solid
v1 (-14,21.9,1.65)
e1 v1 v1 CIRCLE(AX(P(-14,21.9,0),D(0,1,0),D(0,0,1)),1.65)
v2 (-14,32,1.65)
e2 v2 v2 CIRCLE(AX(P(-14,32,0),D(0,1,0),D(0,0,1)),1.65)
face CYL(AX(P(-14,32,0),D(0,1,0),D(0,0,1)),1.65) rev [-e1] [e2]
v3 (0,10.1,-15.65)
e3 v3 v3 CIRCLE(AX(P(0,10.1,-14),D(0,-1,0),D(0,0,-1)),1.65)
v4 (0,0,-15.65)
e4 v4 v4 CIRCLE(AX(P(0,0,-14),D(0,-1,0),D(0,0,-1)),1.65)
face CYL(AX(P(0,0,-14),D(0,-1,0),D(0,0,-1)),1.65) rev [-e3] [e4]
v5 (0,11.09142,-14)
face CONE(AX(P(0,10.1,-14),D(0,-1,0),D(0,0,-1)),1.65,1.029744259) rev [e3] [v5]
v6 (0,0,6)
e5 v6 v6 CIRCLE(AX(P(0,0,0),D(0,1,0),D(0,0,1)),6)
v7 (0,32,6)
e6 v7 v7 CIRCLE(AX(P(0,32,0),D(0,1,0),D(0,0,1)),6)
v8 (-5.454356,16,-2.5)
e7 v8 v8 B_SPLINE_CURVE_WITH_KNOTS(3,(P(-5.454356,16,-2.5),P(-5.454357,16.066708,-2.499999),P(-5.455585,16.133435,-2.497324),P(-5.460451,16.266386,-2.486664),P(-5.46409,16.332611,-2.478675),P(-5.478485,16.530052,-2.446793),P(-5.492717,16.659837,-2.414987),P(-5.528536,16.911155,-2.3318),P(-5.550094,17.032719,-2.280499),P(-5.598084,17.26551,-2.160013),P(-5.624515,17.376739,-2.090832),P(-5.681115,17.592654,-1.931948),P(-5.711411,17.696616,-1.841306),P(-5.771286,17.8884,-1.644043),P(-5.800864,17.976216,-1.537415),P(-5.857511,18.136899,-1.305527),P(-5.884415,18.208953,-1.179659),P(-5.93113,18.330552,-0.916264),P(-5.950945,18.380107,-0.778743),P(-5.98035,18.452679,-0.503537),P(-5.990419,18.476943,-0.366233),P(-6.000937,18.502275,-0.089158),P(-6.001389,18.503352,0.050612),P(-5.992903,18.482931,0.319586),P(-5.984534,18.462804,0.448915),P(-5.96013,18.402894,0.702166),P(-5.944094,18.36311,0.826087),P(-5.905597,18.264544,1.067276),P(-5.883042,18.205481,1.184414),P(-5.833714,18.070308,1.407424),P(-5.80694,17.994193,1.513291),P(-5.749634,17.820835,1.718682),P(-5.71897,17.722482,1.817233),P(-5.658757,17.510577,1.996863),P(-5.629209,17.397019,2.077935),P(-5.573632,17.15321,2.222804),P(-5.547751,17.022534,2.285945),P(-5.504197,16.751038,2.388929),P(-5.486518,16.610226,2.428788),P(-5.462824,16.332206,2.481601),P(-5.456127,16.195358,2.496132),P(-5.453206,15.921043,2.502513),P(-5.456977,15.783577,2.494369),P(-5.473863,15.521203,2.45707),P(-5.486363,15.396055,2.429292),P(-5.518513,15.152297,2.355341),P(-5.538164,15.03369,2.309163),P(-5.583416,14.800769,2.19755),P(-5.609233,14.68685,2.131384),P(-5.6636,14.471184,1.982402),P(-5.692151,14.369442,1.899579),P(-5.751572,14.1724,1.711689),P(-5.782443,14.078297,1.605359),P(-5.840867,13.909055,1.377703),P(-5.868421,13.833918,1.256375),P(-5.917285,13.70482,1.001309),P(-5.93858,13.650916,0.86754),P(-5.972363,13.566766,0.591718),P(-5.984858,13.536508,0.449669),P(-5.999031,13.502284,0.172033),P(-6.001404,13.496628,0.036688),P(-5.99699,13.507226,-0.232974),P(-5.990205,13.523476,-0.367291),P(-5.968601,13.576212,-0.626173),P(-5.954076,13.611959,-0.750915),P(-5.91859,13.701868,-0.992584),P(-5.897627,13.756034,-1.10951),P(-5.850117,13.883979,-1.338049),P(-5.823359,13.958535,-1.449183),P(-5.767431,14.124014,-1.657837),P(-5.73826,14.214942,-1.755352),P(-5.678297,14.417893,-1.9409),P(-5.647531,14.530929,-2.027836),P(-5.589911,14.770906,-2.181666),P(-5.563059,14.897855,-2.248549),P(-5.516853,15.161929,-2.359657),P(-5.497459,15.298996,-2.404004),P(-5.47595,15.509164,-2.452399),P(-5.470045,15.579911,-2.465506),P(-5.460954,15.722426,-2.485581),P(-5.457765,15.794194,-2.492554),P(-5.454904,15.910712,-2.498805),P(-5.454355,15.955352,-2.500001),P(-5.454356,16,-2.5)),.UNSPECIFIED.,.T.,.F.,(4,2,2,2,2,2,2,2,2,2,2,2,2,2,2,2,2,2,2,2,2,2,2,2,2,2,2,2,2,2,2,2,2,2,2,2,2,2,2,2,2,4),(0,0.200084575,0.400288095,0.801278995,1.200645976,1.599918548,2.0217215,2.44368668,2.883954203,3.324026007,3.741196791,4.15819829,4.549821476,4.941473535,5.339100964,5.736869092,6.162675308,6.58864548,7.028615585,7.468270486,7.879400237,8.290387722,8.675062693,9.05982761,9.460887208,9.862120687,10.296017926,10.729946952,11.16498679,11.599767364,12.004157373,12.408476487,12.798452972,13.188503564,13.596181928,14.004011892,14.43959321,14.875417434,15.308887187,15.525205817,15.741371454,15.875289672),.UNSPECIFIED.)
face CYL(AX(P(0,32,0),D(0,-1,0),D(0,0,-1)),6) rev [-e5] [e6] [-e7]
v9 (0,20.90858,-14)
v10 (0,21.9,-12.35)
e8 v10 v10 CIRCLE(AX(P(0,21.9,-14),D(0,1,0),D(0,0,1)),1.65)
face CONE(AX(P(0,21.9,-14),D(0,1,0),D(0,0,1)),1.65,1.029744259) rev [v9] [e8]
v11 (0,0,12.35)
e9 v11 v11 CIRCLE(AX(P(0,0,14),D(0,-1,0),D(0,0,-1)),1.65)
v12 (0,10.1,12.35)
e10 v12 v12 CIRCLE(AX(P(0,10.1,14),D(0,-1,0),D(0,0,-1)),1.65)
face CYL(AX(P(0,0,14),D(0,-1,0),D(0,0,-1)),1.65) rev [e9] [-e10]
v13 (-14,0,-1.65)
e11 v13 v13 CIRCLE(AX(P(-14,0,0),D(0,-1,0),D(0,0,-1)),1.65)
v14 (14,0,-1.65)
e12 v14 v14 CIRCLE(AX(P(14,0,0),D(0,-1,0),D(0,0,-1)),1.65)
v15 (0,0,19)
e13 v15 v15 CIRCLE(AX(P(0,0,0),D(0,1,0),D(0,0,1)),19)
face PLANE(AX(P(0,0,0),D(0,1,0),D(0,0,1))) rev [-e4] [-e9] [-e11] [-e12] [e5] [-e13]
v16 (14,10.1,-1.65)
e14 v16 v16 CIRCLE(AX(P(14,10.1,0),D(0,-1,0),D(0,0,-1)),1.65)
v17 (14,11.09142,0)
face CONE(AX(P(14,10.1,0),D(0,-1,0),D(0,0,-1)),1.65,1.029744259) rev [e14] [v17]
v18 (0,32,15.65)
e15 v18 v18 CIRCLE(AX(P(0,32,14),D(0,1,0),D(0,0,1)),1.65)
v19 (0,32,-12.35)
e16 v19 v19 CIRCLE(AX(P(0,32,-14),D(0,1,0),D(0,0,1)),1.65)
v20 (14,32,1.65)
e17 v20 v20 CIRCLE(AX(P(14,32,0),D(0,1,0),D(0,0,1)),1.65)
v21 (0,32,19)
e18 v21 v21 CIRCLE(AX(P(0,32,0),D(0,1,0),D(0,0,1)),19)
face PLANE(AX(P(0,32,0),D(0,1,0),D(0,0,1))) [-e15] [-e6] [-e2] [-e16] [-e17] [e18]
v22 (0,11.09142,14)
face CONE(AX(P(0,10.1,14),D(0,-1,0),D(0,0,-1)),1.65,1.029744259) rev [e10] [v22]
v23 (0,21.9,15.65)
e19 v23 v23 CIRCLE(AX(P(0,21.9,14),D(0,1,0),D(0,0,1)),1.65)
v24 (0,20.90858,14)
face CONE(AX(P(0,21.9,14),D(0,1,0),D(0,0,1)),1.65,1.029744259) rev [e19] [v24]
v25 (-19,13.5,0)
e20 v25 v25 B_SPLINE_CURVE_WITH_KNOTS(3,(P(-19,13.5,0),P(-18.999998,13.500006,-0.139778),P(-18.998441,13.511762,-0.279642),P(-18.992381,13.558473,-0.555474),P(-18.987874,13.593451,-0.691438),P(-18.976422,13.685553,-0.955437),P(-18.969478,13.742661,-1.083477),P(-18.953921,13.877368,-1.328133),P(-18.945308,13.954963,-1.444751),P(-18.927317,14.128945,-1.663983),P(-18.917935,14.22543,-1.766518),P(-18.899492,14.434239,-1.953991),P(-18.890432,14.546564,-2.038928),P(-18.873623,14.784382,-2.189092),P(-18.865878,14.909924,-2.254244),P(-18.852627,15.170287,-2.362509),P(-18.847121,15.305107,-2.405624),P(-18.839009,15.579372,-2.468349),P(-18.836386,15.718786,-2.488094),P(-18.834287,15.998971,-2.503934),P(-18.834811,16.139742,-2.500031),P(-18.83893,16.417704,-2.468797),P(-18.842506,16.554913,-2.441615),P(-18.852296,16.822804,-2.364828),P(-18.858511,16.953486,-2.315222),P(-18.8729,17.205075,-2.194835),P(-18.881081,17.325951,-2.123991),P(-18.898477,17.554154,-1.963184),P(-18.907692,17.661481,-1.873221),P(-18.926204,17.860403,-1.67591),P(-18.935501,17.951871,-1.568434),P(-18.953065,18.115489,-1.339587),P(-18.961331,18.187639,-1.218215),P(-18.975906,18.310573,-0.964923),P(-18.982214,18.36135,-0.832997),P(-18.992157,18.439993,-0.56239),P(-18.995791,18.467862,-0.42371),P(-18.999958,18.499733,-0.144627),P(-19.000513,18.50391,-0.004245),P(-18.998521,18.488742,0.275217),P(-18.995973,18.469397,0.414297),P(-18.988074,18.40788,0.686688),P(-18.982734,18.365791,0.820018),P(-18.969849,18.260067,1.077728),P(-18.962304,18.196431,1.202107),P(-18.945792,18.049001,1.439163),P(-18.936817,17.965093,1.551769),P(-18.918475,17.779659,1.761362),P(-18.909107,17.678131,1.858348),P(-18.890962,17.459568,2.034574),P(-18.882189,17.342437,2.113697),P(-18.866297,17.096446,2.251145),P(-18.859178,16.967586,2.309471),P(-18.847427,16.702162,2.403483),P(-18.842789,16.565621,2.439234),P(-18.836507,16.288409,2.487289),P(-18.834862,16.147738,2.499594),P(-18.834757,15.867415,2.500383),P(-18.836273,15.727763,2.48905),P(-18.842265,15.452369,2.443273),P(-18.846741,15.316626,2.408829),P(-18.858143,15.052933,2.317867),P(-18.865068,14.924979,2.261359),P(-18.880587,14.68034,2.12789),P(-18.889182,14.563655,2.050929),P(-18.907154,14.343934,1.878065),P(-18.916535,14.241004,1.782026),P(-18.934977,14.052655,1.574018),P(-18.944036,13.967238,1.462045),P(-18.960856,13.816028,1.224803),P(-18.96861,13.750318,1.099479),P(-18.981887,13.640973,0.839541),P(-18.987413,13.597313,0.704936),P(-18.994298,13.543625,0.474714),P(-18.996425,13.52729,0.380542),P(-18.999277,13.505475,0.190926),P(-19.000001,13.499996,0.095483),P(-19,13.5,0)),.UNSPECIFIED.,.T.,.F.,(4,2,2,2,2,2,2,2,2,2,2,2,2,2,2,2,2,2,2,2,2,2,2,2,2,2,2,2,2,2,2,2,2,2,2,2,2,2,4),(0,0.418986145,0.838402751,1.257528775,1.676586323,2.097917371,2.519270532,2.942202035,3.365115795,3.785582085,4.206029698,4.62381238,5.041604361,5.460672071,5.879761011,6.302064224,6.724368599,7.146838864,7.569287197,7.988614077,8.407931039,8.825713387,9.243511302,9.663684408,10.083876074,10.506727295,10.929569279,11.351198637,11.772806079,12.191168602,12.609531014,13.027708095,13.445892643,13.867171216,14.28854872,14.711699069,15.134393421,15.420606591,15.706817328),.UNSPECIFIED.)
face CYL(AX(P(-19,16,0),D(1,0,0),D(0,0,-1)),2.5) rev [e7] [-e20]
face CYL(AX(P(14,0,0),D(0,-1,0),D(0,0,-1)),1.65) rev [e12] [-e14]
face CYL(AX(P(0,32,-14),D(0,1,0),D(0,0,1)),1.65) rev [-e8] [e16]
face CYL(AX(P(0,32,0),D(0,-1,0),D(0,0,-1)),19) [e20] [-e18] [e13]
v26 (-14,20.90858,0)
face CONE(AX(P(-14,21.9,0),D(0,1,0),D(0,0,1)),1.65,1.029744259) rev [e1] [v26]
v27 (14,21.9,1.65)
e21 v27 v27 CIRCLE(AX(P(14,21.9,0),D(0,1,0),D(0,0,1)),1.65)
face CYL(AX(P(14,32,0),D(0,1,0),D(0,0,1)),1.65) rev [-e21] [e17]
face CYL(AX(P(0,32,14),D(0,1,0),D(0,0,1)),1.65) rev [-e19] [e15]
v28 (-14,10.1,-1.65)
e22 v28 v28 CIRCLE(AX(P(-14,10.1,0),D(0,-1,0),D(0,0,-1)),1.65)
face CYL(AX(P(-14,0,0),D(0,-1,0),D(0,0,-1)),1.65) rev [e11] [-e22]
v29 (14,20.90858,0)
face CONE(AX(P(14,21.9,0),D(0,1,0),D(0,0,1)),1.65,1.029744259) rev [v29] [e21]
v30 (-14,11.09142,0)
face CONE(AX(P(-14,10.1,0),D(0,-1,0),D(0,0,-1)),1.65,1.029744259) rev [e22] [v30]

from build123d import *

# Parameters (mm, degrees)
SKETCH_1_R             = 19
SKETCH_1_R_2           = 6
EXTRUDE_1_DEPTH        = 32
SKETCH_2_R             = 2.5
CUT_EXTRUDE_1_DEPTH    = 42.785164832
HOLE_WIZARD_M4_1_D     = 3.3
HOLE_WIZARD_M4_1_DEPTH = 10.1
HOLE_WIZARD_M4_1_TIP   = 0.991420021
HOLE_WIZARD_M4_2_D     = 3.3
HOLE_WIZARD_M4_2_DEPTH = 10.1
HOLE_WIZARD_M4_2_TIP   = 0.991420021


with BuildPart() as part:
    # 草图1 → 凸台-拉伸1 (new body)
    with BuildSketch(Plane(origin=(0, 0, 0), x_dir=(1, 0, 0), z_dir=(0, 1, 0))):
        with Locations(Location((0, 0, 0), (0, 0, 270))):
            Circle(SKETCH_1_R)
        with Locations(Location((0, 0, 0), (0, 0, 270))):
            Circle(SKETCH_1_R_2, mode=Mode.SUBTRACT)
    extrude(amount=EXTRUDE_1_DEPTH)

    # 草图2 → 切除-拉伸1 (cut, through all)
    with BuildSketch(Plane(origin=(0, 0, 0), x_dir=(0, 0, -1), z_dir=(1, 0, 0))):
        with Locations((0, 16)):
            Circle(SKETCH_2_R)
    extrude(amount=-CUT_EXTRUDE_1_DEPTH, mode=Mode.SUBTRACT)

    # M4 螺纹孔1
    with Locations(Plane(origin=(0, 32, 0), x_dir=(-1, 0, 0), z_dir=(0, 1, 0))):
        with Locations((14, 0), (0, 14), (-14, 0), (0, -14)):
            Hole(HOLE_WIZARD_M4_1_D / 2, depth=HOLE_WIZARD_M4_1_DEPTH)
            with Locations((0, 0, -(HOLE_WIZARD_M4_1_DEPTH + HOLE_WIZARD_M4_1_TIP / 2))):  # 118° drill point
                Cone(0, HOLE_WIZARD_M4_1_D / 2, HOLE_WIZARD_M4_1_TIP, mode=Mode.SUBTRACT)

    # M4 螺纹孔2
    with Locations(Plane.XZ):
        with Locations((0, 14), (-14, 0), (0, -14), (14, 0)):
            Hole(HOLE_WIZARD_M4_2_D / 2, depth=HOLE_WIZARD_M4_2_DEPTH)
            with Locations((0, 0, -(HOLE_WIZARD_M4_2_DEPTH + HOLE_WIZARD_M4_2_TIP / 2))):  # 118° drill point
                Cone(0, HOLE_WIZARD_M4_2_D / 2, HOLE_WIZARD_M4_2_TIP, mode=Mode.SUBTRACT)


solid = part.part
